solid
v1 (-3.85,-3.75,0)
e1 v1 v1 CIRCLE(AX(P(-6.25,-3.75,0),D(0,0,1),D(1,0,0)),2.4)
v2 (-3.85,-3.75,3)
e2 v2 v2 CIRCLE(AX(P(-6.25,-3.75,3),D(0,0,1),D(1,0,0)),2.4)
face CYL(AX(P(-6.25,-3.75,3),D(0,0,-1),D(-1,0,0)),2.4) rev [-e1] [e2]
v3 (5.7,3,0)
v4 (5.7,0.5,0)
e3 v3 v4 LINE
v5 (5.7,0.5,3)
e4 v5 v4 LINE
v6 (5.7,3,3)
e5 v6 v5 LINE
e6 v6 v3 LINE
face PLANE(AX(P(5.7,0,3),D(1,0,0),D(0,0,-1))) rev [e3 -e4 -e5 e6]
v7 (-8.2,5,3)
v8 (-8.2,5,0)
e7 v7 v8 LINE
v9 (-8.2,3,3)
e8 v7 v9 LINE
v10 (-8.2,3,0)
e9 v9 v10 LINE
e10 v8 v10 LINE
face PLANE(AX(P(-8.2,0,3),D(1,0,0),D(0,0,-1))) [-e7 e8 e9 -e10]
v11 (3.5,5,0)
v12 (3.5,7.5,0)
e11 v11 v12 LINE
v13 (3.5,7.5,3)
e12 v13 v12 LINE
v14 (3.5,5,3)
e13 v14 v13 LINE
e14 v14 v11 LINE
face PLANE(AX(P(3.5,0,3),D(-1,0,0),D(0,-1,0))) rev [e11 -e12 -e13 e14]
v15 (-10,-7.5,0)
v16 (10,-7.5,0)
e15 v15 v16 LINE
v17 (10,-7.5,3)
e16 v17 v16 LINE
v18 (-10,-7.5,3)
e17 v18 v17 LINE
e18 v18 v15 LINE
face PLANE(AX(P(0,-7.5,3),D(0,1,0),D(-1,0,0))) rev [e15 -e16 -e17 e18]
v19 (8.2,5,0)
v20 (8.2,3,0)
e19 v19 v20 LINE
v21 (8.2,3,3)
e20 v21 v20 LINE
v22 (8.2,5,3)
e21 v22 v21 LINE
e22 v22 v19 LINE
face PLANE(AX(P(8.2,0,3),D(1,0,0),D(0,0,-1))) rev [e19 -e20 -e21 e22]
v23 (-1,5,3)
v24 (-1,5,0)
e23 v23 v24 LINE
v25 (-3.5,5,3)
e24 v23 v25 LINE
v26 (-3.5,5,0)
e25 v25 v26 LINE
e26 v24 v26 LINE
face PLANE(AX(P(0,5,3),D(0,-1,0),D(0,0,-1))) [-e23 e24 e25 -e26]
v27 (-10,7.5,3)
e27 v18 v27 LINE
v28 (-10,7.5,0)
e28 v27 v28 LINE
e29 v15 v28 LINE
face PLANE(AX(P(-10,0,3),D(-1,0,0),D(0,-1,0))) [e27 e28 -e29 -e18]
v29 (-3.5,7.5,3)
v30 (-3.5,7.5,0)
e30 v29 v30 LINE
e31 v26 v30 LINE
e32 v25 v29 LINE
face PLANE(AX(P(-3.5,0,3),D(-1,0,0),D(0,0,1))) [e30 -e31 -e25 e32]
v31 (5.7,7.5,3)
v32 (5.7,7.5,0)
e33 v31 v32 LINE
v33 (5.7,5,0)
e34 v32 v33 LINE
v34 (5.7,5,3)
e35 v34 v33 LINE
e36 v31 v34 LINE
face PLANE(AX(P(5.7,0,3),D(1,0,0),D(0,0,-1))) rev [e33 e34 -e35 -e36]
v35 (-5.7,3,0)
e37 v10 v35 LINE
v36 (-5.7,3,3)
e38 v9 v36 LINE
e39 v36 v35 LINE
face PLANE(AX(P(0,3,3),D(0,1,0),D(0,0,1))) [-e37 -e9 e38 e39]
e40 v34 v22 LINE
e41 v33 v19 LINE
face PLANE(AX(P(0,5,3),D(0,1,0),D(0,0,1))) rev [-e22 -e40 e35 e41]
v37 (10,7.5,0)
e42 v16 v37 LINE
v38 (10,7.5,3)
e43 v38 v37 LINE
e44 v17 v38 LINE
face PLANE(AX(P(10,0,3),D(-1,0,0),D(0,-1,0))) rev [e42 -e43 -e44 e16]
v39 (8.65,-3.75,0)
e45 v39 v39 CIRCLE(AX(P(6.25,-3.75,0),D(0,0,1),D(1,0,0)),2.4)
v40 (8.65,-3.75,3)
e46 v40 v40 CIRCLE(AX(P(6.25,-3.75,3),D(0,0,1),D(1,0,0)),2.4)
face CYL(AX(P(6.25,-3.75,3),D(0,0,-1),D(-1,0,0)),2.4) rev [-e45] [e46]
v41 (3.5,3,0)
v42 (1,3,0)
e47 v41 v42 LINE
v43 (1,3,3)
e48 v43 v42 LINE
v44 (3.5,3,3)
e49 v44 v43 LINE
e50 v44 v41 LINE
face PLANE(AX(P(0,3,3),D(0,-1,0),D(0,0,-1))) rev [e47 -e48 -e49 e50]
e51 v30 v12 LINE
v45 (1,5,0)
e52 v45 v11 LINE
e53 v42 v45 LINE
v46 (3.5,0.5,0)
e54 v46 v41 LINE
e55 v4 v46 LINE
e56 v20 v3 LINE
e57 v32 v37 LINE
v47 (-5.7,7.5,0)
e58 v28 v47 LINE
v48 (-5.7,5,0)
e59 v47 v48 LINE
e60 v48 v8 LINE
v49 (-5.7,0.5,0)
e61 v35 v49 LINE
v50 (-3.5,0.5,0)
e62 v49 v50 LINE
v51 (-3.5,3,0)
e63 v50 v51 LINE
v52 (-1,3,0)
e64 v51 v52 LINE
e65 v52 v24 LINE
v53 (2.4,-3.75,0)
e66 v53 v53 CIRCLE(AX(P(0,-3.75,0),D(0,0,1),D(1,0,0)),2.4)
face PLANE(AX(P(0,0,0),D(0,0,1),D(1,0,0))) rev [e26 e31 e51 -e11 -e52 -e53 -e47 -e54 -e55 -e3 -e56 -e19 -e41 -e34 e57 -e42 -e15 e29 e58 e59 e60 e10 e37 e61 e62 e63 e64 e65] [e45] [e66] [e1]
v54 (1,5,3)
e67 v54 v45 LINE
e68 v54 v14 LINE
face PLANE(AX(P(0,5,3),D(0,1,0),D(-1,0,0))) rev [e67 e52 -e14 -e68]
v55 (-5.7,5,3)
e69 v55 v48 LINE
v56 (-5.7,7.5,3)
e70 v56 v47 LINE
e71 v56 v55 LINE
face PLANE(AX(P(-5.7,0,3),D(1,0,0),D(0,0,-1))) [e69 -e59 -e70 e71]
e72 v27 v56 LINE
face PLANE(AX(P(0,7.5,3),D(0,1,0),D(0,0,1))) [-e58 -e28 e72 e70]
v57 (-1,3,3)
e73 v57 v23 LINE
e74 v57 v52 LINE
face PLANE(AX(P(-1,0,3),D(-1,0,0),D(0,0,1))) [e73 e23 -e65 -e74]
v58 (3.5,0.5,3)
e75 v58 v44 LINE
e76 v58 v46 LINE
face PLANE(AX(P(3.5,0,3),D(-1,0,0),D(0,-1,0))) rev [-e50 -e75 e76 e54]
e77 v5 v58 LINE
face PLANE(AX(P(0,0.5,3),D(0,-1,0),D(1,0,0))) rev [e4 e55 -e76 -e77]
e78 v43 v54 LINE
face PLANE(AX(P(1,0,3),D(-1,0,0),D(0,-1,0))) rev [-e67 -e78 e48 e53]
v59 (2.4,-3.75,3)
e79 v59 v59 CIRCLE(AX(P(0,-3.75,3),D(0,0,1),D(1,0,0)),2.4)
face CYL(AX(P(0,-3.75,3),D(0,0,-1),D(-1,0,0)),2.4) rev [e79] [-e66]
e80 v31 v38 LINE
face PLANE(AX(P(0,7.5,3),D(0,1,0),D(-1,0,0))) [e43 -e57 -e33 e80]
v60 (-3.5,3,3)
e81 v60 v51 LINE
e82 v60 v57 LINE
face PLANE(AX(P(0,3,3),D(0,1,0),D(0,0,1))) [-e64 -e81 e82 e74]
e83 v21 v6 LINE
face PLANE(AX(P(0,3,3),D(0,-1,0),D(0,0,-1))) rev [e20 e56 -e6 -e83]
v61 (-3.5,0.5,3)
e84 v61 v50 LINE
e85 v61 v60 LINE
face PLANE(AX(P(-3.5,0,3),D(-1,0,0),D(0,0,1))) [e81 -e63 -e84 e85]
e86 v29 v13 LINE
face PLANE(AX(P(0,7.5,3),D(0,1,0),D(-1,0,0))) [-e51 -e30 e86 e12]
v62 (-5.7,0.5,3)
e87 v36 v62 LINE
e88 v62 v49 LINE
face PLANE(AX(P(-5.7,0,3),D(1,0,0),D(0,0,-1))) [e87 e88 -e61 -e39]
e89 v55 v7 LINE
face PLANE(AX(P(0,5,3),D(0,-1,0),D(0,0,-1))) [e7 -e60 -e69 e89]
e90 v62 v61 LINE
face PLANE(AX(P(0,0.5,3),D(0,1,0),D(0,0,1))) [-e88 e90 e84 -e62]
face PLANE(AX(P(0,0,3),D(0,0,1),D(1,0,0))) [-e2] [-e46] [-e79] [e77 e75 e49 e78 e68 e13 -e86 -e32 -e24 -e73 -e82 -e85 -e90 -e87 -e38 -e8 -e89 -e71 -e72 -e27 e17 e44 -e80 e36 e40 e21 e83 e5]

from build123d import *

# Parameters (mm, degrees)
SKETCH1_R           = 2.4
BOSS_EXTRUDE1_DEPTH = 3


with BuildPart() as part:
    # Sketch1 → Boss-Extrude1 (new body)
    with BuildSketch(Plane.XY):
        Polygon((-10, -7.5), (10, -7.5), (10, 7.5), (5.7, 7.5), (5.7, 5), (8.2, 5), (8.2, 3), (5.7, 3), (5.7, 0.5), (3.5, 0.5), (3.5, 3), (1, 3), (1, 5), (3.5, 5), (3.5, 7.5), (-3.5, 7.5), (-3.5, 5), (-1, 5), (-1, 3), (-3.5, 3), (-3.5, 0.5), (-5.7, 0.5), (-5.7, 3), (-8.2, 3), (-8.2, 5), (-5.7, 5), (-5.7, 7.5), (-10, 7.5), align=None)
        with Locations((0, -3.75)):
            Circle(SKETCH1_R, mode=Mode.SUBTRACT)
        with Locations((-6.25, -3.75)):
            Circle(SKETCH1_R, mode=Mode.SUBTRACT)
        with Locations((6.25, -3.75)):
            Circle(SKETCH1_R, mode=Mode.SUBTRACT)
    extrude(amount=BOSS_EXTRUDE1_DEPTH)


solid = part.part
